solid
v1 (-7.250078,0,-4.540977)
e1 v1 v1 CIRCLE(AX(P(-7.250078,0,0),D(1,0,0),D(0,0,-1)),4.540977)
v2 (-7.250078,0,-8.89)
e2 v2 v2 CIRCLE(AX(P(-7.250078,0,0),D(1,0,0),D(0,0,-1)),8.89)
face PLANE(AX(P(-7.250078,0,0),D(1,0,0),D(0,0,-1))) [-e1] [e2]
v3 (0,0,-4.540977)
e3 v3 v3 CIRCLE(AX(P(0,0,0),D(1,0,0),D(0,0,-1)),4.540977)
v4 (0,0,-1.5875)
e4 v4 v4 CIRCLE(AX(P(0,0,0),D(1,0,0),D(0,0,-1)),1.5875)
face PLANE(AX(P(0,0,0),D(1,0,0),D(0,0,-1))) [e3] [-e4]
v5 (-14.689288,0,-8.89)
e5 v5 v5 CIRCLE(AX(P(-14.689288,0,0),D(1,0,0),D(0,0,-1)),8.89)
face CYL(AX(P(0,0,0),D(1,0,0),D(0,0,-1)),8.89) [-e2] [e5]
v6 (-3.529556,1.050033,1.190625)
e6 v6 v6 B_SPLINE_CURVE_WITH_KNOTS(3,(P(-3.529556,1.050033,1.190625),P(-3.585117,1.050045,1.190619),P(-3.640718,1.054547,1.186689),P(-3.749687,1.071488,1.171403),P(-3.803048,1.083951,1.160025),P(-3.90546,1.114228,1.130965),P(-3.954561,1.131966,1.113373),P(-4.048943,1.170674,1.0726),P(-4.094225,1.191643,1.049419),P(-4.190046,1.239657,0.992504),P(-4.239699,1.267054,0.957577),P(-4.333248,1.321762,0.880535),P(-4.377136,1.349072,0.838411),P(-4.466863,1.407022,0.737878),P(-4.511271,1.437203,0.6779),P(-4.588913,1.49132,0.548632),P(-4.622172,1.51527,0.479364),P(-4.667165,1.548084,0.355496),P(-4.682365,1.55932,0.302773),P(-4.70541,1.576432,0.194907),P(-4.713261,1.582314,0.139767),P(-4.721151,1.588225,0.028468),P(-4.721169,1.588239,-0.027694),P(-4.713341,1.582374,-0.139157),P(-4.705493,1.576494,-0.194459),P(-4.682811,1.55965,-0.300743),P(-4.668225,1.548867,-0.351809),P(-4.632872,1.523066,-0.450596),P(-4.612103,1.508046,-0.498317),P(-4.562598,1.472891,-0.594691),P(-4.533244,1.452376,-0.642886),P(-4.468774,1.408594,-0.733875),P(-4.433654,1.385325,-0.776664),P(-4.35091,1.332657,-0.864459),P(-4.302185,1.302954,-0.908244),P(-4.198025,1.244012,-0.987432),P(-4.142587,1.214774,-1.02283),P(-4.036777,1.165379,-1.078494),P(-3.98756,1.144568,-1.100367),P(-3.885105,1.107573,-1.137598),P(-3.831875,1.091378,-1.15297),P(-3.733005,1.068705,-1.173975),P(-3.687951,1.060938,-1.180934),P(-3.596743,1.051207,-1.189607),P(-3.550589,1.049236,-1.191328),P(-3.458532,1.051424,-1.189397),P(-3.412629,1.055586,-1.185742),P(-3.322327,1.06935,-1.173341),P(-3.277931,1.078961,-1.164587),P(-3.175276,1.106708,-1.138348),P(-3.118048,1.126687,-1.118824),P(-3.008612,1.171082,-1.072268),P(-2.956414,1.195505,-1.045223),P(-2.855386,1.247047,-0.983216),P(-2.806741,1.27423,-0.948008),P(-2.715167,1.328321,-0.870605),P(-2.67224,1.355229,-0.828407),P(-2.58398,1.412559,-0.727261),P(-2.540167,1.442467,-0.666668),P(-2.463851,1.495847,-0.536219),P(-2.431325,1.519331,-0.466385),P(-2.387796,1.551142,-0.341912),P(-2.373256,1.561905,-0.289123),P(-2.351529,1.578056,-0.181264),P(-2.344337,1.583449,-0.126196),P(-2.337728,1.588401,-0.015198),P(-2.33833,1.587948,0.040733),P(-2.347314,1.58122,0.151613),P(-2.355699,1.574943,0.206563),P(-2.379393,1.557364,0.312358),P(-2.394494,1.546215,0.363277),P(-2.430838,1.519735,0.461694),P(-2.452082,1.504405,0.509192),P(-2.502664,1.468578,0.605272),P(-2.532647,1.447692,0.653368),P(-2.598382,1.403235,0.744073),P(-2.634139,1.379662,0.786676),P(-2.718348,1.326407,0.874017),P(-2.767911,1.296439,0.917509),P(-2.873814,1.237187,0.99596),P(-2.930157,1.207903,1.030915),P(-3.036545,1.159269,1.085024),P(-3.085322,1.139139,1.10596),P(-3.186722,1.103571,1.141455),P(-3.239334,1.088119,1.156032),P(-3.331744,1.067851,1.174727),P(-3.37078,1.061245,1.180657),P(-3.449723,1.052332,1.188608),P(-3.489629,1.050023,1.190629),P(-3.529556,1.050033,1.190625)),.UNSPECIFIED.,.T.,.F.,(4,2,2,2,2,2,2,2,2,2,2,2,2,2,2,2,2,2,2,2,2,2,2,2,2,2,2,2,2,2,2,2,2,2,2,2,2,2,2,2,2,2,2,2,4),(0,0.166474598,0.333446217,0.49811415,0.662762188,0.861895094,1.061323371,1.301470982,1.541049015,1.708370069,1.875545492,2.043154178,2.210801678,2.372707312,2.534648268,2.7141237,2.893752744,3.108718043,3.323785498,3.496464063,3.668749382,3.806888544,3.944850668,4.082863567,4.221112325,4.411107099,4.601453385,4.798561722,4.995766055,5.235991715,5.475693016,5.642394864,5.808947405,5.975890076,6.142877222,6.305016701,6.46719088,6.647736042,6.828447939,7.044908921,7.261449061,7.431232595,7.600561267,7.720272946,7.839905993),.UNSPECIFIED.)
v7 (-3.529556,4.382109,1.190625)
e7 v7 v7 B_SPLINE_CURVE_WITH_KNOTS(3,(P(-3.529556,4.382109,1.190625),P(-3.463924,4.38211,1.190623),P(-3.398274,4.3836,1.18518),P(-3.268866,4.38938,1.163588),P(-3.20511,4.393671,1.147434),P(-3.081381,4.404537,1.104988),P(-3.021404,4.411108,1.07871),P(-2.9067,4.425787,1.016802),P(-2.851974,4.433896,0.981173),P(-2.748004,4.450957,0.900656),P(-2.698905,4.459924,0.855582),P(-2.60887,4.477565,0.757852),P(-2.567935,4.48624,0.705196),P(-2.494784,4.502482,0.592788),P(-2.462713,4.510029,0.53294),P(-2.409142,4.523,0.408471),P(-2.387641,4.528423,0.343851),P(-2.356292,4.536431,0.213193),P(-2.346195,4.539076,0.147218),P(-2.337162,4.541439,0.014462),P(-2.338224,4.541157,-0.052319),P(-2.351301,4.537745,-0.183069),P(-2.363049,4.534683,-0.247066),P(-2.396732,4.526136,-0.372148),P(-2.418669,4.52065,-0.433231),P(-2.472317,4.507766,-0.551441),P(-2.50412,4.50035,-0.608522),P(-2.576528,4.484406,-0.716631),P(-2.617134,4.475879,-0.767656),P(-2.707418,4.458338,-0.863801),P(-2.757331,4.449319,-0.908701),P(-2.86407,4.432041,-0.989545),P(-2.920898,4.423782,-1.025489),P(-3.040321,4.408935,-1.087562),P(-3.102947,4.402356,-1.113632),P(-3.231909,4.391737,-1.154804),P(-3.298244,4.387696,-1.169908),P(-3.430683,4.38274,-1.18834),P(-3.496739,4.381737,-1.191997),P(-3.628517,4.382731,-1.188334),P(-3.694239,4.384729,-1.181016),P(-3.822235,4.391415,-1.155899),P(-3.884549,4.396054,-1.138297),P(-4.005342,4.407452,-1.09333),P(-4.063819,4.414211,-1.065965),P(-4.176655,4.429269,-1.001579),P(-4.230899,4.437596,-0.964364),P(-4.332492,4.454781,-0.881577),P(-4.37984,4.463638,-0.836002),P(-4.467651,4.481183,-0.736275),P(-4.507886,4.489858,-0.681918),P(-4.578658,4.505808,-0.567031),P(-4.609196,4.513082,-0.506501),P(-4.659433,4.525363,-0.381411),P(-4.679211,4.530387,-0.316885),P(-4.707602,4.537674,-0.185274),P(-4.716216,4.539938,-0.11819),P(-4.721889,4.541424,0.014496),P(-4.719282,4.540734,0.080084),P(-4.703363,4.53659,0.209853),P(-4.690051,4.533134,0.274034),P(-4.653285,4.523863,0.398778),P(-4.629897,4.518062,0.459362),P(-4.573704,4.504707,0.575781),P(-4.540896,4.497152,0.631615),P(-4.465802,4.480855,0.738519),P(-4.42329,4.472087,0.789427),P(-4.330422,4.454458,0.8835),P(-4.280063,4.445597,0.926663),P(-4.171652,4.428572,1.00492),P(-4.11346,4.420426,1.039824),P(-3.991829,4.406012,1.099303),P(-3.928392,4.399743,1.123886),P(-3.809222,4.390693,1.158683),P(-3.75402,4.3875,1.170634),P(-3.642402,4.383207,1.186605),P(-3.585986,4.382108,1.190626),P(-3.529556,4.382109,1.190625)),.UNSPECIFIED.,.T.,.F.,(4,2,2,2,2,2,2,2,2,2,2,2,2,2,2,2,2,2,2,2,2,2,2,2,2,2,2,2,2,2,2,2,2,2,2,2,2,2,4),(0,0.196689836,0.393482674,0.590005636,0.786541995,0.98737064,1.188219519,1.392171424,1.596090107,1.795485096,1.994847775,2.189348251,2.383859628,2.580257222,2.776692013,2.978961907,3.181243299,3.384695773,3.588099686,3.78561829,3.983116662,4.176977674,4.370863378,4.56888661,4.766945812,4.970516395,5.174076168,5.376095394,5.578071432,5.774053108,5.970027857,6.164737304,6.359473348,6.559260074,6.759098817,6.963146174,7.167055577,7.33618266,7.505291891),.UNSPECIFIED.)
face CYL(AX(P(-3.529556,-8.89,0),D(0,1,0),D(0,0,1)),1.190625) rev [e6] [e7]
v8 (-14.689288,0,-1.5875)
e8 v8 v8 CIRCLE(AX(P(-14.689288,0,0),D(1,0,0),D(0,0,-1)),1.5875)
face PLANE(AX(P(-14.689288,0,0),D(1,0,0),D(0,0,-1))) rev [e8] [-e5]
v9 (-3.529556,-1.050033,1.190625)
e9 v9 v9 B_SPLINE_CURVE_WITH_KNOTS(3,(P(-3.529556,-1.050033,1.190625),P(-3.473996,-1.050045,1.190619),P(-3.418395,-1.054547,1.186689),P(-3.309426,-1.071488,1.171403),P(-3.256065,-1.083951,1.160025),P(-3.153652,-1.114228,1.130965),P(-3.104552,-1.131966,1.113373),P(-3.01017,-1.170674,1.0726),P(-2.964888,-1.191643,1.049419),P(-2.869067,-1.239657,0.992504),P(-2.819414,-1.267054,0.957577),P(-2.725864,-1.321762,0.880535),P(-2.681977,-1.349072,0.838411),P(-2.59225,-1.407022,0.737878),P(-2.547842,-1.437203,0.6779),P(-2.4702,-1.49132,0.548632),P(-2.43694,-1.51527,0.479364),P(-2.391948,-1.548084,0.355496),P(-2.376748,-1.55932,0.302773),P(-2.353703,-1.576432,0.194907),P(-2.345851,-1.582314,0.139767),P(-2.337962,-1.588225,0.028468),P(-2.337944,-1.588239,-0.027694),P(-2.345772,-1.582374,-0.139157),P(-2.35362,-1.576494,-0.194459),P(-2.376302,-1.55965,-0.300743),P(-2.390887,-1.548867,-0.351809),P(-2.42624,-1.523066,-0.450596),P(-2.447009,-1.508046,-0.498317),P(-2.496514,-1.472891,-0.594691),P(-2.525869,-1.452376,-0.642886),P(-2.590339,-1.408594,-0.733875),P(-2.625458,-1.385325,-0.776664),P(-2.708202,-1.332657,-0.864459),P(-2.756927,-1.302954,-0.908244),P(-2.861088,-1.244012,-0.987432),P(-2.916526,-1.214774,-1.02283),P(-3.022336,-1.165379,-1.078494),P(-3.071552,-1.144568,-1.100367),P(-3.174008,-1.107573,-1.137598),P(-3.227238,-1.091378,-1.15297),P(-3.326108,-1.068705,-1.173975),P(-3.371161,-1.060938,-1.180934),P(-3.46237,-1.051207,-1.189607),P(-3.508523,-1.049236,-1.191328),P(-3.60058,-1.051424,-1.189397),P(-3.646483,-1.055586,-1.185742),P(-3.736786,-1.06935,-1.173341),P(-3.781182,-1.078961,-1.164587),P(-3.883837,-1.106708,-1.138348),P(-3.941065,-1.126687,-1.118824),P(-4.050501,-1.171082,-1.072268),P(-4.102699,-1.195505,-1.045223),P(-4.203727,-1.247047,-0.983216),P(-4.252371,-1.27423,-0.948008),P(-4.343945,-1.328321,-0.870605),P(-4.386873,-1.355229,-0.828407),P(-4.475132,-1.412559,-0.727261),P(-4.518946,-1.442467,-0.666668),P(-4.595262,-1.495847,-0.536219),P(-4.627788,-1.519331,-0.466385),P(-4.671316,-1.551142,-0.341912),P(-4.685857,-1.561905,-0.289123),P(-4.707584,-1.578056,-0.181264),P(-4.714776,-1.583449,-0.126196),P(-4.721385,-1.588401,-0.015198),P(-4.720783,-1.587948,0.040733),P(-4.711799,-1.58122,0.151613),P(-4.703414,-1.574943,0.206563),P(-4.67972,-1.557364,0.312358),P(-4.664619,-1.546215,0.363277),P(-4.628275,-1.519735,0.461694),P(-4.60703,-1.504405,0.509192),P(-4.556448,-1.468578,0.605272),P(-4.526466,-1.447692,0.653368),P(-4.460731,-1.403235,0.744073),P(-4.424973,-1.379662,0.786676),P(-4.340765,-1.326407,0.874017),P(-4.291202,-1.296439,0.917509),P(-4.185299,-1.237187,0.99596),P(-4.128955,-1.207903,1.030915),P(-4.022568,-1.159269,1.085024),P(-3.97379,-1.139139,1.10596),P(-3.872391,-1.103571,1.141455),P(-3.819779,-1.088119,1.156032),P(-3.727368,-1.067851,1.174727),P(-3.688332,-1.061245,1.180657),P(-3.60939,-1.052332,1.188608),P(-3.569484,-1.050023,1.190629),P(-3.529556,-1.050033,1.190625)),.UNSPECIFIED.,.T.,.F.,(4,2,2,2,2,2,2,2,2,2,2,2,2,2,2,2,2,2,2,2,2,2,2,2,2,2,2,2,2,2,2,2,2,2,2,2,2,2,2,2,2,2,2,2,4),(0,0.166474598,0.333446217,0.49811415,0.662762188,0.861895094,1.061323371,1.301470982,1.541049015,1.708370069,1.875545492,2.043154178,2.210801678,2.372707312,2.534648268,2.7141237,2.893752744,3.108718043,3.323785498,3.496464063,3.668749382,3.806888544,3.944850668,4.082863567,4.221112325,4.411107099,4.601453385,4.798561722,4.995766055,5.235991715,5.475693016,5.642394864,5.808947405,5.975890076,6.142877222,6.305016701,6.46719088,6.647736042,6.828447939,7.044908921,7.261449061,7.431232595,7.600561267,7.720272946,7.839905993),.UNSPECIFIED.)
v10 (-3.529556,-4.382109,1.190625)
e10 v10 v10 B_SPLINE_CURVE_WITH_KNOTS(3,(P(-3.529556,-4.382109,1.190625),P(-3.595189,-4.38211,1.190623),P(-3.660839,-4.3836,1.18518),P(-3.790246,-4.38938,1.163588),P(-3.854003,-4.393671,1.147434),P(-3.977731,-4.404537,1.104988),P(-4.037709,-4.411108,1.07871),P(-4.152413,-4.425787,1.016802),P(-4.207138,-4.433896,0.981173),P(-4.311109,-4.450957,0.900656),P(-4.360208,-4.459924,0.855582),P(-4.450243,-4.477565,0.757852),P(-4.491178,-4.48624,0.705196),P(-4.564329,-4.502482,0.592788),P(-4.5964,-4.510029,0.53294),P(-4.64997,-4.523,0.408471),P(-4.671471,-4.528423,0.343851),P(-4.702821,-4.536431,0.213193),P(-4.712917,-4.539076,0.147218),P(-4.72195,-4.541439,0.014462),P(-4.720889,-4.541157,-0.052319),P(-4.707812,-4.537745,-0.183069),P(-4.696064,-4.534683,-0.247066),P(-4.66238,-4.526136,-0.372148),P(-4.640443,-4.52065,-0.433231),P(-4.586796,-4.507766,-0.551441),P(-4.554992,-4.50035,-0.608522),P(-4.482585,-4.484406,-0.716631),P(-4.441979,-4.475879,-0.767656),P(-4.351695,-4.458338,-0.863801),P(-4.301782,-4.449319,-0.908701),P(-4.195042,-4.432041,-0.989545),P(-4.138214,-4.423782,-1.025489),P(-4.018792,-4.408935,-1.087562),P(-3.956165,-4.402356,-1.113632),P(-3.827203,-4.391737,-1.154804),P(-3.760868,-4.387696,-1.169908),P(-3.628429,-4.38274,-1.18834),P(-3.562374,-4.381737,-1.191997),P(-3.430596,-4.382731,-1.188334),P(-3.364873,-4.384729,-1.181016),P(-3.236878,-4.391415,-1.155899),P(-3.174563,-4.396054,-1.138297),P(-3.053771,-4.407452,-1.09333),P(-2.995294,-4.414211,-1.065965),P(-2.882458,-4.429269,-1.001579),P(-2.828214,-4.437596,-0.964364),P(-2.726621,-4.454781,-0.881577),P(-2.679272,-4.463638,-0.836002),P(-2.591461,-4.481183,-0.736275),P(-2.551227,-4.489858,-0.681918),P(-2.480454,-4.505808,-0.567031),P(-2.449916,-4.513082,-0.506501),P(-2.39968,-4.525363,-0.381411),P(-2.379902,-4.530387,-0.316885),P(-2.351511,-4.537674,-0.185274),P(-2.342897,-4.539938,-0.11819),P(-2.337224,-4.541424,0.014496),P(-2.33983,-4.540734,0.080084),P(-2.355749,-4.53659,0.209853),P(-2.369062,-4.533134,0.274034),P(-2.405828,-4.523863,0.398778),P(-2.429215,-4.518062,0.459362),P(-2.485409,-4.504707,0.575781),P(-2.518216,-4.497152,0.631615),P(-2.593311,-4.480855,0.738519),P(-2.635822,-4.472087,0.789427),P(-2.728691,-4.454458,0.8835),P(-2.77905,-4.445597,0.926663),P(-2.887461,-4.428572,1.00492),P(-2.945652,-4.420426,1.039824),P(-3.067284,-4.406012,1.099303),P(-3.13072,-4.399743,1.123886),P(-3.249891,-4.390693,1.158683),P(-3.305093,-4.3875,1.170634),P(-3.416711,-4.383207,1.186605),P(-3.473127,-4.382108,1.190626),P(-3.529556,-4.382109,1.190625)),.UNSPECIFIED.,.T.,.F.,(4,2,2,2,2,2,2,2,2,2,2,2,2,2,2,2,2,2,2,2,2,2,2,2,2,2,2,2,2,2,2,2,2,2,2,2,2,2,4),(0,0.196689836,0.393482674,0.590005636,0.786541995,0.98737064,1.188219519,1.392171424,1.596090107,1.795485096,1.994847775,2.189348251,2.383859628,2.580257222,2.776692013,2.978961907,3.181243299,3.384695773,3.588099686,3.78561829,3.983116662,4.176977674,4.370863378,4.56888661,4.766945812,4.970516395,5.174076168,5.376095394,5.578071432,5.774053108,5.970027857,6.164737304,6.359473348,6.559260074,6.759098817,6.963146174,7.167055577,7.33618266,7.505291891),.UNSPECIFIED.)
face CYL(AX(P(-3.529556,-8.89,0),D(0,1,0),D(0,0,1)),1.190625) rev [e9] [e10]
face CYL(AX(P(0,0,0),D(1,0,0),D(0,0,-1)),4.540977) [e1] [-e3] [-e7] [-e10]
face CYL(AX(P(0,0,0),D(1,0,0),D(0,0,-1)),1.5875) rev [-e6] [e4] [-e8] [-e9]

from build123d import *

# Parameters (mm, degrees)
CUT_EXTRUDE1_DEPTH      = 20.334926531
CUT_EXTRUDE1_DEPTH_BACK = 20.334926531
SKETCH2_R               = 1.190625


with BuildPart() as part:
    # Sketch1 → Revolve1 (revolve)
    with BuildSketch(Plane.XY):
        Polygon((0, 1.5875), (0, 4.540976685), (-7.250077802, 4.540976685), (-7.250077802, 8.89), (-14.689288069, 8.89), (-14.689288069, 1.5875), align=None)
    revolve(axis=Axis((0, 0, 0), (-1, 0, 0)))

    # Sketch2 → Cut-Extrude1 (cut, two sides: drawn at the far end of the back side and taken through both)
    with BuildSketch(Plane(origin=(0, 0, 0), x_dir=(1, 0, 0), z_dir=(0, 1, 0)).offset(-CUT_EXTRUDE1_DEPTH_BACK)):
        with Locations((-3.529556327, 0)):
            Circle(SKETCH2_R)
    extrude(amount=CUT_EXTRUDE1_DEPTH + CUT_EXTRUDE1_DEPTH_BACK, mode=Mode.SUBTRACT)


solid = part.part
